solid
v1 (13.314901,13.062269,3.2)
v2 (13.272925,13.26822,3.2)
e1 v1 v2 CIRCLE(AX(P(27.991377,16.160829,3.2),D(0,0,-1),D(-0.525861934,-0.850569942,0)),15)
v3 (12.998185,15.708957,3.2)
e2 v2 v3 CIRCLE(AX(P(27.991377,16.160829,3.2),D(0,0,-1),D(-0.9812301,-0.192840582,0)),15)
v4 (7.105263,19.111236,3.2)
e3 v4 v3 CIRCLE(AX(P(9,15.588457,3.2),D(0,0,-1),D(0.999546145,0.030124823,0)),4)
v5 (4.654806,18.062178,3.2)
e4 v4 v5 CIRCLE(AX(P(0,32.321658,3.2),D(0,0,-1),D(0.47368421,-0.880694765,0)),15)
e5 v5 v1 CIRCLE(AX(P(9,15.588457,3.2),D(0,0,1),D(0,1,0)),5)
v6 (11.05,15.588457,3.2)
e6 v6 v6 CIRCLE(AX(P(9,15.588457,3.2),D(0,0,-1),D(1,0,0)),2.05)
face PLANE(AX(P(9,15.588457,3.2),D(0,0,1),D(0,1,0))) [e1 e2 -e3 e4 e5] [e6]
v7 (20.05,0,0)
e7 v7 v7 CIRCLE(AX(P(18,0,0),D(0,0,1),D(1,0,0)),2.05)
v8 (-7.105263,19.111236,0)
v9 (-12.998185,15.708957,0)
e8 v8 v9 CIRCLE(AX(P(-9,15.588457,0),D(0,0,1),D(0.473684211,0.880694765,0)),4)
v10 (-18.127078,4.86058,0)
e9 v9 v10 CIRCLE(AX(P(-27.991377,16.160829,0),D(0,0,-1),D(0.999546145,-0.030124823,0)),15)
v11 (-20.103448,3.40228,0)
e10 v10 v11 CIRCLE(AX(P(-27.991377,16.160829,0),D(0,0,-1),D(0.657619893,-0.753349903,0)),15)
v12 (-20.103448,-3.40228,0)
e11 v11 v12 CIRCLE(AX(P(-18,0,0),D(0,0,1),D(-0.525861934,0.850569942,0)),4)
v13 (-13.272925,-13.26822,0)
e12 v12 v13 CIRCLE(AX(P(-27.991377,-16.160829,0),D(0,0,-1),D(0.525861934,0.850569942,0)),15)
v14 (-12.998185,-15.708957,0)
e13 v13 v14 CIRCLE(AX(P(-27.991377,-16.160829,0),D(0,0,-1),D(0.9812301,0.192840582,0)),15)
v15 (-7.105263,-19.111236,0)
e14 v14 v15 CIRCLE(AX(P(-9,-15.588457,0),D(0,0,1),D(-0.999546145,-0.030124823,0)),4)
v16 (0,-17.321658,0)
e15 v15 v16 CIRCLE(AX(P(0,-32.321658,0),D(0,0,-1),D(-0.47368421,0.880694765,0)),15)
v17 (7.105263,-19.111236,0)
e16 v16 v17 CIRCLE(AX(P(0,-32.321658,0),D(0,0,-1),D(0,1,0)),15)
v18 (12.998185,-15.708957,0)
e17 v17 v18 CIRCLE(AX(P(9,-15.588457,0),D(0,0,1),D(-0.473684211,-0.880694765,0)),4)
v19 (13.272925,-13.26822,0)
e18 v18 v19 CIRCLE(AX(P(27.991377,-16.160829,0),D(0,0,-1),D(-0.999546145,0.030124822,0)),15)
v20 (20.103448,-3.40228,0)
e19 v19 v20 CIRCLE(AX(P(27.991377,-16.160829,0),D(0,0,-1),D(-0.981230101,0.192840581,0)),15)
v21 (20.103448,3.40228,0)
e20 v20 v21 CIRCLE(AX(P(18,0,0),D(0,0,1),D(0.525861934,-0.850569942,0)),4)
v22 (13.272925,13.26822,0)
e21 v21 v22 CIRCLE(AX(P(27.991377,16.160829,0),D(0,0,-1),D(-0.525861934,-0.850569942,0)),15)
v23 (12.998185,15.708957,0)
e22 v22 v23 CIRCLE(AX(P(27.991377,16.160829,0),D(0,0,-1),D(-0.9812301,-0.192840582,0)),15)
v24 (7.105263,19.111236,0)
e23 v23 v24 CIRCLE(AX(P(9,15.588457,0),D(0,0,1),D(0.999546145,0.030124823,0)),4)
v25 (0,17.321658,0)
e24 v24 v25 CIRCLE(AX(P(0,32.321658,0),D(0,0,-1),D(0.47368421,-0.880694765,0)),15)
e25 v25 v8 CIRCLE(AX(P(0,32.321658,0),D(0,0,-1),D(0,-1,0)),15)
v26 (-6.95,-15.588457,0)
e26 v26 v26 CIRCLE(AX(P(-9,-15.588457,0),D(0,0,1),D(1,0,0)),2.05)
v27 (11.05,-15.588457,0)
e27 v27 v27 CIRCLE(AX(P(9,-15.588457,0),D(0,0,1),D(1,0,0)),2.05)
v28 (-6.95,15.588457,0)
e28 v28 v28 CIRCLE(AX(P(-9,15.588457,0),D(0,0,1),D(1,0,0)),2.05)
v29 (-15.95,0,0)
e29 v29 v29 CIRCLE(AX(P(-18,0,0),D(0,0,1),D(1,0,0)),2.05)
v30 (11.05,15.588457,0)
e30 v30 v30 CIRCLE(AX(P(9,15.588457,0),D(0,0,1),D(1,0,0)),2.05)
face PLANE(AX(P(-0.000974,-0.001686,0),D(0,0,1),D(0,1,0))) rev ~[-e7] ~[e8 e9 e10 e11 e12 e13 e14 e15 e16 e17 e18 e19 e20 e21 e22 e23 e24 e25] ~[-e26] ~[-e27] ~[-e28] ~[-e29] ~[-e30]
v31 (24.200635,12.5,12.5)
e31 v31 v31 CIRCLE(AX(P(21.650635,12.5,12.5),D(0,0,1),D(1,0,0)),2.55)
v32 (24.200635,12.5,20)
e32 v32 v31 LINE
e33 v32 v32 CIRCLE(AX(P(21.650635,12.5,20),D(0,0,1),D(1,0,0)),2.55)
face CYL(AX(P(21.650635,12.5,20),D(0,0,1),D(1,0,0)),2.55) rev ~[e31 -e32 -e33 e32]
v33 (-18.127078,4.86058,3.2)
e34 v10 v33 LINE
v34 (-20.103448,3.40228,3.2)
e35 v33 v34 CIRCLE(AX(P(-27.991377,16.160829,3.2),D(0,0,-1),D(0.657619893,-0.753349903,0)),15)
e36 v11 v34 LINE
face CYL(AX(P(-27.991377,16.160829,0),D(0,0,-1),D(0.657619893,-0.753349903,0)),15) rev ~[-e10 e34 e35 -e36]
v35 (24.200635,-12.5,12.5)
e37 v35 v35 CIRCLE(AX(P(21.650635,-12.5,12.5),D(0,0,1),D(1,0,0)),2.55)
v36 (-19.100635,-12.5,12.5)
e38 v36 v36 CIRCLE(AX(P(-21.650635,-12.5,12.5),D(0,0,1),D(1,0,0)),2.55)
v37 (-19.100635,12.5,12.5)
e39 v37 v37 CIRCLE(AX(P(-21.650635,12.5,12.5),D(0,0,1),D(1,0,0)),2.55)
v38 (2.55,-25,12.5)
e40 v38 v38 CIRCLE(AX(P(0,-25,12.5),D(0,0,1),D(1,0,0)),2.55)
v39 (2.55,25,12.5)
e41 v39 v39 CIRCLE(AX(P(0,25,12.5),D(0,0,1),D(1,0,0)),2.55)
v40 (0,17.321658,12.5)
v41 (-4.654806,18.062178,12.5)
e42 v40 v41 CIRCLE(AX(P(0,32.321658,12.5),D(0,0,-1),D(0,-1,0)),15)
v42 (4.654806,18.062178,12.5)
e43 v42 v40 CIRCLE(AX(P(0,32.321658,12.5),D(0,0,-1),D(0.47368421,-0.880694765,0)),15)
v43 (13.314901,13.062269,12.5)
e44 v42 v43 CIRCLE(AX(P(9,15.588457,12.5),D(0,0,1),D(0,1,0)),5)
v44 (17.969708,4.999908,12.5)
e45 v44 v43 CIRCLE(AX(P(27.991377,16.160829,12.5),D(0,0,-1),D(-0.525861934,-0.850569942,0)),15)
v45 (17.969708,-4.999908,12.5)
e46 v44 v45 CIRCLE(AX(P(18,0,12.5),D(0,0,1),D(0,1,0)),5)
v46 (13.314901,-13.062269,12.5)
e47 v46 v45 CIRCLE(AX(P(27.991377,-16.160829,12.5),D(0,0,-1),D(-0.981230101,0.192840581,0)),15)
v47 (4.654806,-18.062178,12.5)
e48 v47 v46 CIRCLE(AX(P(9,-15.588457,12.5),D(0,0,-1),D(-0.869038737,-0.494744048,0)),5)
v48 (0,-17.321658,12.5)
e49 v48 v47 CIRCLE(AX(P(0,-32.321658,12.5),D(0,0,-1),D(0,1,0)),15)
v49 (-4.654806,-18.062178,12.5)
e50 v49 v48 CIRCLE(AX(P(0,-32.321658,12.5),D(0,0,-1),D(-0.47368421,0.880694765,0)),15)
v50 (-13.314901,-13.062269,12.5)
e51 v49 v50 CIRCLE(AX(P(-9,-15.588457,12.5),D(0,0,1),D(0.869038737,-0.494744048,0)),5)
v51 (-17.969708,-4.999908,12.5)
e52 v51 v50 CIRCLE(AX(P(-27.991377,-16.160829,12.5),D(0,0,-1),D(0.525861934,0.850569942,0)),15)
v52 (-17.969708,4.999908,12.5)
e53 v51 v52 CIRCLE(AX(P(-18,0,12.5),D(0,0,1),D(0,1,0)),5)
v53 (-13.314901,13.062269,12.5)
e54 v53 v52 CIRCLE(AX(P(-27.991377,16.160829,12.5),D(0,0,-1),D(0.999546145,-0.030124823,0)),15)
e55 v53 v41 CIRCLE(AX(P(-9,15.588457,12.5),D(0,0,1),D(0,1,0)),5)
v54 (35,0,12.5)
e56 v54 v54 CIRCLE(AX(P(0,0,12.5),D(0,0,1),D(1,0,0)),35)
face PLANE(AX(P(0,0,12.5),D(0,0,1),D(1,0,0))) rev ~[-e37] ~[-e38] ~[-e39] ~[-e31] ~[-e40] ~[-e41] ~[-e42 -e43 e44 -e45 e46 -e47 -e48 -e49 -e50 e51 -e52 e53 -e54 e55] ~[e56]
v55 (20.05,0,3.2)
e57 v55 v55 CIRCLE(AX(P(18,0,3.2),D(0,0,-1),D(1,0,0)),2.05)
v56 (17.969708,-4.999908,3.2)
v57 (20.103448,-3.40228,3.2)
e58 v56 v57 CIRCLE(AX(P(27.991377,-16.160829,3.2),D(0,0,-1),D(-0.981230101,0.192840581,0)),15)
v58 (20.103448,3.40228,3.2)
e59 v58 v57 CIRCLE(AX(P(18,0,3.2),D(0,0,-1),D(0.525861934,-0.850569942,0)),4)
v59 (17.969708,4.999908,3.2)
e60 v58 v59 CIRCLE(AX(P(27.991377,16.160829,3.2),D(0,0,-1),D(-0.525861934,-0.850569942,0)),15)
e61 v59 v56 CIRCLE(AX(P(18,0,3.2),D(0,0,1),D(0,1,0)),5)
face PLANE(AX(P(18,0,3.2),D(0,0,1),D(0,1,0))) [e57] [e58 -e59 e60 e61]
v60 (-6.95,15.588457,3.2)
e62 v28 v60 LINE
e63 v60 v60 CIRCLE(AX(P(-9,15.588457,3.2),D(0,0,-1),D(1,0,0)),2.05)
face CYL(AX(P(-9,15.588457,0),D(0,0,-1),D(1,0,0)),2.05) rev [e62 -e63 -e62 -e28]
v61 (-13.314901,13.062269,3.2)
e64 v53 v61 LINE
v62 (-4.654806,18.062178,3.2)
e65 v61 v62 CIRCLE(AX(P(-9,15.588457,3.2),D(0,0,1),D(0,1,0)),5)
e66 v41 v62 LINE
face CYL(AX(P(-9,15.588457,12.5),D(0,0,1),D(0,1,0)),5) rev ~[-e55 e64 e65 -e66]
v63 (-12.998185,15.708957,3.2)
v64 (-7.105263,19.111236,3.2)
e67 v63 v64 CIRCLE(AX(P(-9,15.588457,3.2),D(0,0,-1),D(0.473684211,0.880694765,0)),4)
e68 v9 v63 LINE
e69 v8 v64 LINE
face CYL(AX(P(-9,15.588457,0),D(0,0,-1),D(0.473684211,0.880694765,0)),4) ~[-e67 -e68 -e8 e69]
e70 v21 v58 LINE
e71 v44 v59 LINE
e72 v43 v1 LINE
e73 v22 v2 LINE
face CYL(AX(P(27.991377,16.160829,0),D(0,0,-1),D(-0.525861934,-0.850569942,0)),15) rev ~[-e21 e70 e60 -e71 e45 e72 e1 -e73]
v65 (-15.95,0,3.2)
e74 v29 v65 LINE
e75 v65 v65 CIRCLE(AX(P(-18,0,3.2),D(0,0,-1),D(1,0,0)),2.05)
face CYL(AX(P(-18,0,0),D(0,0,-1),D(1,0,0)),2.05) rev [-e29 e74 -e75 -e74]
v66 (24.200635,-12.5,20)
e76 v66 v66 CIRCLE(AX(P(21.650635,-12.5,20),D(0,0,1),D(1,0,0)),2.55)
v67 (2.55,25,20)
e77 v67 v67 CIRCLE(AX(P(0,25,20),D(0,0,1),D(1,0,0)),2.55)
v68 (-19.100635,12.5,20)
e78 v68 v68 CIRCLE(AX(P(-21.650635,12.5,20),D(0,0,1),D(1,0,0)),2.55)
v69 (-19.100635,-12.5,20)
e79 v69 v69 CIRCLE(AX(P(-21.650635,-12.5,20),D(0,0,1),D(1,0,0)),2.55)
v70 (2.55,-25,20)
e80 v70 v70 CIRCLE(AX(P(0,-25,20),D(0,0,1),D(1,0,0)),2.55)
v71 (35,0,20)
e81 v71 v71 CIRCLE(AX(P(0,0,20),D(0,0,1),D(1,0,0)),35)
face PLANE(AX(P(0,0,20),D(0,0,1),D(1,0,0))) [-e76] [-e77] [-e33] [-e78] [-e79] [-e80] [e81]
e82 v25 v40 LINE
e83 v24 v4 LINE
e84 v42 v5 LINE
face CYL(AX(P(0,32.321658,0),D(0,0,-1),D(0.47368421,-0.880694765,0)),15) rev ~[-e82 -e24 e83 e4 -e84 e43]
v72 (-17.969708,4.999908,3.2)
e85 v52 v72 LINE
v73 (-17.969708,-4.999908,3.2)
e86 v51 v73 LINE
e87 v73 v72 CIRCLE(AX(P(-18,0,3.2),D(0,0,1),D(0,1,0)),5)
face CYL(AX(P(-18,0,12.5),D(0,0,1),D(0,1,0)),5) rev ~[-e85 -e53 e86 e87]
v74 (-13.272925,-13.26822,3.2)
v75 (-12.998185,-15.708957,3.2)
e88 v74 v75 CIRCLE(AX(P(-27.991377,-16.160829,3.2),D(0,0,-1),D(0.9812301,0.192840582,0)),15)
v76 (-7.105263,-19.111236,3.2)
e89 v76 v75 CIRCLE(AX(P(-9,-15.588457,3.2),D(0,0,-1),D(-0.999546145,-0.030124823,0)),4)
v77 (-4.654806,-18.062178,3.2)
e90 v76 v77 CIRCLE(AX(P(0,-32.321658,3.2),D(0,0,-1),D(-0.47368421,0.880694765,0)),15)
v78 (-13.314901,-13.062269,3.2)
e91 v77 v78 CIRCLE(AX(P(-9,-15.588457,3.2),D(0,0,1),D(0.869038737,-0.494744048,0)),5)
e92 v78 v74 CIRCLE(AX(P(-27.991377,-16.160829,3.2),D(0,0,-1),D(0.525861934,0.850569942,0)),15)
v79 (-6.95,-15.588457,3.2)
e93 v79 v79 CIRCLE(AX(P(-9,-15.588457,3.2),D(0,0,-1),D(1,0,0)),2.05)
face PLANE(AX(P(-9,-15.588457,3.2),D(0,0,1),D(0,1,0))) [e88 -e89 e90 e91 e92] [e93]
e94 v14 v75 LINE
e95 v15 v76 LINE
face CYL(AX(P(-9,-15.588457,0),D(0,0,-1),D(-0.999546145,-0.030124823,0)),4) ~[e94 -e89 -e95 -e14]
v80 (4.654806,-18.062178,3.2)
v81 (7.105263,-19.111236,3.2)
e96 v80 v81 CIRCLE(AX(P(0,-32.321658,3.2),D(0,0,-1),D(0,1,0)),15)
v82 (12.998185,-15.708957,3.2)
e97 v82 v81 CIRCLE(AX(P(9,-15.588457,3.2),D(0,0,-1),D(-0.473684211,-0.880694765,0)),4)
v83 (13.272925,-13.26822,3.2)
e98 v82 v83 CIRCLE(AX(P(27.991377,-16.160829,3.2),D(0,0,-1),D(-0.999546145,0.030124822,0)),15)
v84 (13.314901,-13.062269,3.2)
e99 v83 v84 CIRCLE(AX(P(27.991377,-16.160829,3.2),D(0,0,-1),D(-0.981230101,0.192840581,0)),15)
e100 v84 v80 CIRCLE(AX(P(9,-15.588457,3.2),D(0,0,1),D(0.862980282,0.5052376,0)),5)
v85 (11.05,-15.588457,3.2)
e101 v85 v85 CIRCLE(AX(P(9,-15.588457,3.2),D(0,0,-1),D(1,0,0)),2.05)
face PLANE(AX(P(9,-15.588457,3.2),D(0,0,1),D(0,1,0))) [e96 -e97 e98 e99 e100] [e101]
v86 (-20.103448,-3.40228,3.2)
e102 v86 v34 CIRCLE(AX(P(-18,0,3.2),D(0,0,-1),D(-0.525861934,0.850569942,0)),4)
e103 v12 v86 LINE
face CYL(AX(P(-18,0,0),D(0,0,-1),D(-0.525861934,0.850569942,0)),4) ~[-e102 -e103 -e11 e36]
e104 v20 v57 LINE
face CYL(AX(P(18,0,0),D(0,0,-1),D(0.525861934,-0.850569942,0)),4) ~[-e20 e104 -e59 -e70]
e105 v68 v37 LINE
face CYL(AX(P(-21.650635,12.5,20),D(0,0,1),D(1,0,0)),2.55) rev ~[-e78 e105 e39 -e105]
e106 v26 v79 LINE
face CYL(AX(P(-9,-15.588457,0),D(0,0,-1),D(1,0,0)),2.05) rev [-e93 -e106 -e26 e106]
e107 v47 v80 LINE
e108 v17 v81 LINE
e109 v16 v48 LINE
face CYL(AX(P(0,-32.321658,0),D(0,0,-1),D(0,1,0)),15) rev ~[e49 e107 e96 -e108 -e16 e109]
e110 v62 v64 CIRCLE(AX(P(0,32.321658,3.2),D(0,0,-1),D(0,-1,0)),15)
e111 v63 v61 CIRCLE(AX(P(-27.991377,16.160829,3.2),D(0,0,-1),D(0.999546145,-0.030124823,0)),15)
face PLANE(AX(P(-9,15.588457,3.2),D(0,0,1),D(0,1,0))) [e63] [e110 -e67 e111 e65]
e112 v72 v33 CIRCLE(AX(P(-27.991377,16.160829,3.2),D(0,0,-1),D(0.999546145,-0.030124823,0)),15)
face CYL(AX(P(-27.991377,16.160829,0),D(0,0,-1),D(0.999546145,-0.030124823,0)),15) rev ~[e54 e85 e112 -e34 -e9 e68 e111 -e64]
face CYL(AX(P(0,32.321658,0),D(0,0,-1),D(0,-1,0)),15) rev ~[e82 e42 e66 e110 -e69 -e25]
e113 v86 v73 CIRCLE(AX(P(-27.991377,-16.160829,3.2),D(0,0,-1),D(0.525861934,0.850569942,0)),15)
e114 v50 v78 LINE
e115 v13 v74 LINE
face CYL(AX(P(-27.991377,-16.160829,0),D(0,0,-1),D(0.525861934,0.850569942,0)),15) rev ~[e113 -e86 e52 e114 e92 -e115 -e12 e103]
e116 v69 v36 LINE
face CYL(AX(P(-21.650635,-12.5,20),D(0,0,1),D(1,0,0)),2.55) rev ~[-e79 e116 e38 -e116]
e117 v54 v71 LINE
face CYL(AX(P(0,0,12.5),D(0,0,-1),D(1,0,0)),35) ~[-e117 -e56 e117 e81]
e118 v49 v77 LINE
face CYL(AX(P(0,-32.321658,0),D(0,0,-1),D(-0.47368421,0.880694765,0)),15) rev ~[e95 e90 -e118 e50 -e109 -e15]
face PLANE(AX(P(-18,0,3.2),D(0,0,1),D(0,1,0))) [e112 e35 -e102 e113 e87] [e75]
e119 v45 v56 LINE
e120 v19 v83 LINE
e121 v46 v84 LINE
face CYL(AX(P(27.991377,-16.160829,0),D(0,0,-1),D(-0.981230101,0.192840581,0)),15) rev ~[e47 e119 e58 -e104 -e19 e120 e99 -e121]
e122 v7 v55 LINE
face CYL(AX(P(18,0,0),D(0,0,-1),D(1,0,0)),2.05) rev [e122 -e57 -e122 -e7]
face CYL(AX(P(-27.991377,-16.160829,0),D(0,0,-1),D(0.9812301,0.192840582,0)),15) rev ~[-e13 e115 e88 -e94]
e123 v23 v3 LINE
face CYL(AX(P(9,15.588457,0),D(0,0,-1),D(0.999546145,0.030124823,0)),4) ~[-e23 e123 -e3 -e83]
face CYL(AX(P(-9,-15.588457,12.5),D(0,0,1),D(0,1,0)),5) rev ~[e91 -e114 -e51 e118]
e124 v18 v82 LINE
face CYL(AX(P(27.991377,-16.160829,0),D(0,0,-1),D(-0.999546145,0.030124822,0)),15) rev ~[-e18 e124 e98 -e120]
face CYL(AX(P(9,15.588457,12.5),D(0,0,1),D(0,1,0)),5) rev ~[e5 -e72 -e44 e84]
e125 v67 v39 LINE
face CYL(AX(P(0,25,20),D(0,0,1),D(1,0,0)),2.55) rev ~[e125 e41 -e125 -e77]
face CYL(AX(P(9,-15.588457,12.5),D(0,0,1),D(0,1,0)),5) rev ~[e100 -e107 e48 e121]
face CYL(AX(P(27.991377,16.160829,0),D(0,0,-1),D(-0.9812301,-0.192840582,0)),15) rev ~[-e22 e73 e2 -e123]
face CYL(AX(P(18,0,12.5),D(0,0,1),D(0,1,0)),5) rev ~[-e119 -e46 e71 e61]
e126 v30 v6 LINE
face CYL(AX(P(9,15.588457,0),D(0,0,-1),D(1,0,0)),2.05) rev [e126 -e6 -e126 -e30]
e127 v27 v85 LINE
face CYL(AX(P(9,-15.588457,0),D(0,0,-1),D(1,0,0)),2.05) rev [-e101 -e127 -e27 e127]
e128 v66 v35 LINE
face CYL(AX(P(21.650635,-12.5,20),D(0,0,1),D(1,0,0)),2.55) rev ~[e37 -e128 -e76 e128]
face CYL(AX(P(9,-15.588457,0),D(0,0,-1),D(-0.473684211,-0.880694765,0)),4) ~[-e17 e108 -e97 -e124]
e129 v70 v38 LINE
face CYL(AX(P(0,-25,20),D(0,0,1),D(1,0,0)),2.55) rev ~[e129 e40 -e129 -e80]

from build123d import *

# Parameters (mm, degrees)
BOSS_EXTRUDE1_DEPTH = 12.5
CUT_EXTRUDE1_START  = 12.5
SKETCH4_R           = 5
CUT_EXTRUDE1_DEPTH  = 9.3
BOSS_EXTRUDE2_START = 12.5
SKETCH6_R           = 35
BOSS_EXTRUDE2_DEPTH = 7.5
CUT_EXTRUDE5_START  = 20
SKETCH9_R           = 2.55
CUT_EXTRUDE5_DEPTH  = 12
SKETCH5_R           = 2.05
CUT_EXTRUDE6_DEPTH  = 10


with BuildPart() as part:
    # Sketch2 → Boss-Extrude1 (new body)
    with BuildSketch(Plane(origin=(0, 0, 0), x_dir=(0, 1, 0), z_dir=(0, 0, 1))):
        with BuildLine():
            ThreePointArc((3.402279768, 20.103447736), (0, 22), (-3.402279768, 20.103447736))
            ThreePointArc((-3.402279768, 20.103447736), (-7.622462843, 15.658643671), (-13.268220181, 13.272925238))
            ThreePointArc((-13.268220181, 13.272925238), (-14.482955544, 13.085514107), (-15.708956559, 12.998184578))
            ThreePointArc((-15.708956559, 12.998184578), (-19.052558883, 11), (-19.111236327, 7.105263158))
            ThreePointArc((-19.111236327, 7.105263158), (-17.775931243, 3.663582804), (-17.321657799, 0))
            ThreePointArc((-17.321657799, 0), (-17.775931243, -3.663582804), (-19.111236327, -7.105263158))
            ThreePointArc((-19.111236327, -7.105263158), (-19.052558883, -11), (-15.708956559, -12.998184578))
            ThreePointArc((-15.708956559, -12.998184578), (-14.482955544, -13.085514107), (-13.268220181, -13.272925238))
            ThreePointArc((-13.268220181, -13.272925238), (-7.622462843, -15.658643671), (-3.402279768, -20.103447736))
            ThreePointArc((-3.402279768, -20.103447736), (0, -22), (3.402279768, -20.103447736))
            ThreePointArc((3.402279768, -20.103447736), (7.622462843, -15.658643671), (13.268220181, -13.272925238))
            ThreePointArc((13.268220181, -13.272925238), (14.482955544, -13.085514107), (15.708956559, -12.998184578))
            ThreePointArc((15.708956559, -12.998184578), (19.052558883, -11), (19.111236327, -7.105263158))
            ThreePointArc((19.111236327, -7.105263158), (17.775931243, -3.663582804), (17.321657799, 0))
            ThreePointArc((17.321657799, 0), (17.775931243, 3.663582804), (19.111236327, 7.105263158))
            ThreePointArc((19.111236327, 7.105263158), (19.052558883, 11), (15.708956559, 12.998184578))
            ThreePointArc((15.708956559, 12.998184578), (9.749551787, 14.430568297), (4.860580348, 18.127078359))
            ThreePointArc((4.860580348, 18.127078359), (4.090909866, 19.085364477), (3.402279768, 20.103447736))
        make_face()
    extrude(amount=BOSS_EXTRUDE1_DEPTH)

    # Sketch4 → Cut-Extrude1 (cut)
    with BuildSketch(Plane(origin=(0, 0, 0), x_dir=(0, 1, 0), z_dir=(0, 0, 1)).offset(CUT_EXTRUDE1_START)):
        with Locations((-15.588457268, 9)):
            Circle(SKETCH4_R)
        with Locations((0, 18)):
            Circle(SKETCH4_R)
        with Locations((15.588457268, 9)):
            Circle(SKETCH4_R)
        with Locations((15.588457268, -9)):
            Circle(SKETCH4_R)
        with Locations((0, -18)):
            Circle(SKETCH4_R)
        with Locations((-15.588457268, -9)):
            Circle(SKETCH4_R)
    extrude(amount=-CUT_EXTRUDE1_DEPTH, mode=Mode.SUBTRACT)

    # Sketch6 → Boss-Extrude2 (add)
    with BuildSketch(Plane(origin=(0, 0, 0), x_dir=(0, 1, 0), z_dir=(0, 0, 1)).offset(BOSS_EXTRUDE2_START)):
        with Locations(Location((0, 0, 0), (0, 0, 270))):
            Circle(SKETCH6_R)
    extrude(amount=BOSS_EXTRUDE2_DEPTH)

    # Sketch9 → Cut-Extrude5 (cut)
    with BuildSketch(Plane(origin=(0, 0, 0), x_dir=(0, 1, 0), z_dir=(0, 0, 1)).offset(CUT_EXTRUDE5_START)):
        with Locations(Location((12.5, 21.650635095, 0), (0, 0, 270))):
            Circle(SKETCH9_R)
        with Locations(Location((25, 0, 0), (0, 0, 270))):
            Circle(SKETCH9_R)
        with Locations(Location((12.5, -21.650635095, 0), (0, 0, 270))):
            Circle(SKETCH9_R)
        with Locations(Location((-12.5, -21.650635095, 0), (0, 0, 270))):
            Circle(SKETCH9_R)
        with Locations(Location((-25, 0, 0), (0, 0, 270))):
            Circle(SKETCH9_R)
        with Locations(Location((-12.5, 21.650635095, 0), (0, 0, 270))):
            Circle(SKETCH9_R)
    extrude(amount=-CUT_EXTRUDE5_DEPTH, mode=Mode.SUBTRACT)

    # Sketch5 → Cut-Extrude6 (cut)
    with BuildSketch(Plane(origin=(0, 0, 0), x_dir=(0, 1, 0), z_dir=(0, 0, 1))):
        with Locations(Location((-15.588457268, 9, 0), (0, 0, 270))):
            Circle(SKETCH5_R)
        with Locations(Location((0, 18, 0), (0, 0, 270))):
            Circle(SKETCH5_R)
        with Locations(Location((15.588457268, 9, 0), (0, 0, 270))):
            Circle(SKETCH5_R)
        with Locations(Location((15.588457268, -9, 0), (0, 0, 270))):
            Circle(SKETCH5_R)
        with Locations(Location((0, -18, 0), (0, 0, 270))):
            Circle(SKETCH5_R)
        with Locations(Location((-15.588457268, -9, 0), (0, 0, 270))):
            Circle(SKETCH5_R)
    extrude(amount=CUT_EXTRUDE6_DEPTH, mode=Mode.SUBTRACT)


solid = part.part
